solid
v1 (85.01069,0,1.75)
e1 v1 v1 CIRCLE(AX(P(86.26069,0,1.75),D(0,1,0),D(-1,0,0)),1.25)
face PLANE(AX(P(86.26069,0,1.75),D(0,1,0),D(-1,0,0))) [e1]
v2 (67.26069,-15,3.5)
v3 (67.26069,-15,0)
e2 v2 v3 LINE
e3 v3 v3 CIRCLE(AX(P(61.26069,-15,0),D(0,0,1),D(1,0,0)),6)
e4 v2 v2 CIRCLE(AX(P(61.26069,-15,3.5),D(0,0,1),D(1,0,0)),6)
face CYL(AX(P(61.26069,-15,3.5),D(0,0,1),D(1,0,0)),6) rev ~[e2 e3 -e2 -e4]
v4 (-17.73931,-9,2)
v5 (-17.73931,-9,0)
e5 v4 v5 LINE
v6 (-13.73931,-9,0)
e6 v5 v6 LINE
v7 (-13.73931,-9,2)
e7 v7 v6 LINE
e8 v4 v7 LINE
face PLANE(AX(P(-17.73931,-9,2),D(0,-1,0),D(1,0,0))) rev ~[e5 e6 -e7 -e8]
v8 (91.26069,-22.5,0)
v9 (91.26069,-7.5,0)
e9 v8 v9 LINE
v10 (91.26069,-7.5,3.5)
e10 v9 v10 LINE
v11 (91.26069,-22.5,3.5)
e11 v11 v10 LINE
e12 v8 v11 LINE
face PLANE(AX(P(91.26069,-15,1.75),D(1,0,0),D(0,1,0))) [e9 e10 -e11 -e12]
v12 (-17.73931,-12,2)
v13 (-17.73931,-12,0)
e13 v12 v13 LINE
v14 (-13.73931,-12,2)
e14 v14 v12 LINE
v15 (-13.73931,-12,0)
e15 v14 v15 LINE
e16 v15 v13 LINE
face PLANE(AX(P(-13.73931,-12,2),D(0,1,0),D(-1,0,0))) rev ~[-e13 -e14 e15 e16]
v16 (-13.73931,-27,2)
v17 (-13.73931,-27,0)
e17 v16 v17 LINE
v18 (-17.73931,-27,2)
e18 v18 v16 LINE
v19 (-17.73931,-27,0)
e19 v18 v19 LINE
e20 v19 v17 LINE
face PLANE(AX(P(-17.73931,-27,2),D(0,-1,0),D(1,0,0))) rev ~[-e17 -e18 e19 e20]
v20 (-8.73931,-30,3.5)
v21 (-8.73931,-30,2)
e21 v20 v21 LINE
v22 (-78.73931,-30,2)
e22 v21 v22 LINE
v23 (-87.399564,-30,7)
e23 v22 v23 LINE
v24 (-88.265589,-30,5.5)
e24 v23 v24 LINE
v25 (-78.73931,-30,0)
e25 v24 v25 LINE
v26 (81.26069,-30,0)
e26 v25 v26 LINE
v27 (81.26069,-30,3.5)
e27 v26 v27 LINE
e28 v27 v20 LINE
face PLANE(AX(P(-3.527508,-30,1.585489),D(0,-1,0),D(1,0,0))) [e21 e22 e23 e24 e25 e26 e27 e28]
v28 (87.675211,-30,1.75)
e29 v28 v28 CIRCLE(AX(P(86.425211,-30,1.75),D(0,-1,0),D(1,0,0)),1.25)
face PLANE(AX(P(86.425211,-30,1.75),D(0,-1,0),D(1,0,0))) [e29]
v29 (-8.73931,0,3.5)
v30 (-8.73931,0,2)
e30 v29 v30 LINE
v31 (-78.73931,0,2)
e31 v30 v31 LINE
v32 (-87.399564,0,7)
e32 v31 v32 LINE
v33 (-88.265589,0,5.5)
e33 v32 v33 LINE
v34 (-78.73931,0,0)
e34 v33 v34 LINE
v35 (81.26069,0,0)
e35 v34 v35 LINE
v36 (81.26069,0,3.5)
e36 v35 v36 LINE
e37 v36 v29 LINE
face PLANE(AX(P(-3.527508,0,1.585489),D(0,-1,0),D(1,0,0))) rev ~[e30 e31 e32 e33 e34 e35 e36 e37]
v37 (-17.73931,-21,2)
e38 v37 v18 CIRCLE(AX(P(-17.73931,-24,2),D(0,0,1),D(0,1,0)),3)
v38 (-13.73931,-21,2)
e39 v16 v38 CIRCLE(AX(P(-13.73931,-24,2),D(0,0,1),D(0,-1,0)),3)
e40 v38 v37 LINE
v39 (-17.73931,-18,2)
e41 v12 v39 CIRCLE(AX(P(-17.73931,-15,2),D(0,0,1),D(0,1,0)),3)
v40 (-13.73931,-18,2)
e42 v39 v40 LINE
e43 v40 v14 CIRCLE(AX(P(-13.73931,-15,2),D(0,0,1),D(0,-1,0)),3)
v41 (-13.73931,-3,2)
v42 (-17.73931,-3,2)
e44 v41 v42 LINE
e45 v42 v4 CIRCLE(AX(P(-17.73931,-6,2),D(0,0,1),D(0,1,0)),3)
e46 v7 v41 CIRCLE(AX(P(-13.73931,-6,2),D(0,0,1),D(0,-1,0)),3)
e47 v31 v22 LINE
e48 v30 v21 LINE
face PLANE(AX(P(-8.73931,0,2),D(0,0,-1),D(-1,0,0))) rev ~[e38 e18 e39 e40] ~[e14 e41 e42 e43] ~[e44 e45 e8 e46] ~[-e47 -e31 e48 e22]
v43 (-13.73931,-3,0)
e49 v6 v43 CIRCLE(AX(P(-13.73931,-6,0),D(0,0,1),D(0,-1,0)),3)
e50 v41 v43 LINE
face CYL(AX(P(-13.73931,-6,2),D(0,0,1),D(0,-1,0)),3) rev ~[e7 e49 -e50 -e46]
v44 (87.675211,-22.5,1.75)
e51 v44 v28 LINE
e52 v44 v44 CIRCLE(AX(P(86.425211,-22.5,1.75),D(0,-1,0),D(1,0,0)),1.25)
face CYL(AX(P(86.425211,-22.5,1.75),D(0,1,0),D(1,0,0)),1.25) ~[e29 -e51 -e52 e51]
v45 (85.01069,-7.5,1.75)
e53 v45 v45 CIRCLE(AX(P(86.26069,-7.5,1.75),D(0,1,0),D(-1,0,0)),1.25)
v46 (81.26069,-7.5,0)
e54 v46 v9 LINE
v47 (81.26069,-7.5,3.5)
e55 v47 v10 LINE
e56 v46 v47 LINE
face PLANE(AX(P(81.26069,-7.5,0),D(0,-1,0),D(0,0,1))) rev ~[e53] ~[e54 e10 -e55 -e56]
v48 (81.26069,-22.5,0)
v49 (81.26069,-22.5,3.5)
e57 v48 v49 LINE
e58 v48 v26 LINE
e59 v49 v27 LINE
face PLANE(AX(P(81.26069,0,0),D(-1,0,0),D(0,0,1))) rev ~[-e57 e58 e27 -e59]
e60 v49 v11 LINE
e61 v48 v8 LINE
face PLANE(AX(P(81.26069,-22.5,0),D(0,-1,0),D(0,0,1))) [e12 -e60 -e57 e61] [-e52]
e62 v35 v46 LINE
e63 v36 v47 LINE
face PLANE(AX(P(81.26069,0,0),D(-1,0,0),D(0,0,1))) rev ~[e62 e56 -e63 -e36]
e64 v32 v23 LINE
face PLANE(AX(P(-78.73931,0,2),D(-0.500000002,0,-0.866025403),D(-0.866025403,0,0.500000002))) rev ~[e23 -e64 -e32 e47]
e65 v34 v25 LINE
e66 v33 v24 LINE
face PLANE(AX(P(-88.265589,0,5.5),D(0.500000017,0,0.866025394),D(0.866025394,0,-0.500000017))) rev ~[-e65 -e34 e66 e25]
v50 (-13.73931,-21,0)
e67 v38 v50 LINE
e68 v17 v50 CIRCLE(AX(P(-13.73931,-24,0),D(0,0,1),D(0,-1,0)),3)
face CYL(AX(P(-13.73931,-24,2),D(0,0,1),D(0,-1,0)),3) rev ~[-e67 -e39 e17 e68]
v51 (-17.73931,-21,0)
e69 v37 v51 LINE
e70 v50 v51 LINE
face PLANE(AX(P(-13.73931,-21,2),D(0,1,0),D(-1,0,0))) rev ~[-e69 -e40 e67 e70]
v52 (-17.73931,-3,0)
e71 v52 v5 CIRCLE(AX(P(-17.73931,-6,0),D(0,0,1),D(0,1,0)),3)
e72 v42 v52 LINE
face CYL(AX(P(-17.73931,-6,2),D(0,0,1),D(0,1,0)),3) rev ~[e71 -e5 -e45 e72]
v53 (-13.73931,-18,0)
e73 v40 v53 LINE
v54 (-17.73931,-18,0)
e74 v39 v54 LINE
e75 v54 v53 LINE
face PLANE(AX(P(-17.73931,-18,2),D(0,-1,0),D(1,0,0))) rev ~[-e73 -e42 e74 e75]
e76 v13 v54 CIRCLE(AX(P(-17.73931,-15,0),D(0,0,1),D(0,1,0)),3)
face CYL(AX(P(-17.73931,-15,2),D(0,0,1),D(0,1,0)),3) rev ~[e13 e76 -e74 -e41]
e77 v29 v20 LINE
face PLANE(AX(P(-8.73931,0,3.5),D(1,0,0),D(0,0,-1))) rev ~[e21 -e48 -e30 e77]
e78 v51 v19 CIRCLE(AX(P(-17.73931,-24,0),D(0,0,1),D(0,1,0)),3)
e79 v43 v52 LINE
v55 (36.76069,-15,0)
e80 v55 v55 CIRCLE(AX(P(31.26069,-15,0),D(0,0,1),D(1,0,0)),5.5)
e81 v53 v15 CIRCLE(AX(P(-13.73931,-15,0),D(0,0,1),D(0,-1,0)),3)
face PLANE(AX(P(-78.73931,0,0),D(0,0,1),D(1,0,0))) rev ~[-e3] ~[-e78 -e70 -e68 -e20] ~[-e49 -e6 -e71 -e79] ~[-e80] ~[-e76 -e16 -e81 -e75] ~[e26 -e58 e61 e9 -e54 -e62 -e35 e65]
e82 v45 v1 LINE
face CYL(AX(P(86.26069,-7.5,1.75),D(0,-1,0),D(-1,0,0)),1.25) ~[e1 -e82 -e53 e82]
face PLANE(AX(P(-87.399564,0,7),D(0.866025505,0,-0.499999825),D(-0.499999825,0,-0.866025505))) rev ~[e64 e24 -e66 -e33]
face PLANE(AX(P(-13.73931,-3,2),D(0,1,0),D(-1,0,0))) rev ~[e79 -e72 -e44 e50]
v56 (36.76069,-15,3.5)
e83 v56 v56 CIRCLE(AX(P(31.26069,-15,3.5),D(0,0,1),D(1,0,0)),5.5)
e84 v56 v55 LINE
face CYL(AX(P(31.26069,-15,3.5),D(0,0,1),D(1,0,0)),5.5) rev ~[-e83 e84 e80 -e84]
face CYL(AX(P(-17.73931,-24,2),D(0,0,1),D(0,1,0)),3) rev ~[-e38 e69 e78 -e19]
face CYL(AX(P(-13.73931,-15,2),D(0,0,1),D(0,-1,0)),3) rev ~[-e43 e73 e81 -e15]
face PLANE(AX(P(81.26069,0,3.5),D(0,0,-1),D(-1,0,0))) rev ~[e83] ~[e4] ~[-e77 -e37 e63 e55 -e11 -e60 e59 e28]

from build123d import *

# Parameters (mm, degrees)
F1_DEPTH  = 30
F2_W      = 15
F2_H      = 3.5
F3_DEPTH  = 10
F4_R      = 1.25
F5_DEPTH  = 7.5
F6_R      = 1.25
F7_DEPTH  = 7.5
F9_DEPTH  = 25
F10_R     = 6
F10_R_2   = 5.5
F11_DEPTH = 25


with BuildPart() as f1:
    # F0 (on Front) → F1 (new body)
    with BuildSketch(Plane.XZ):
        Polygon((-8.73931, 2), (-78.73931, 2), (-87.399564, 7), (-88.265589, 5.5), (-78.73931, 0), (-8.73931, 0), (81.26069, 0), (81.26069, 3.5), (-8.73931, 3.5), align=None)
    extrude(amount=F1_DEPTH)

    # F2 (on face) → F3 (join)
    with BuildSketch(Plane.YZ.offset(81.26069)):
        with Locations((-15, 1.75)):
            Rectangle(F2_W, F2_H)
    extrude(amount=F3_DEPTH)

    # F4 (on face) → F5 (join)
    with BuildSketch(Plane.XZ.offset(22.5)):
        with Locations((86.425211, 1.75)):
            Circle(F4_R)
    extrude(amount=F5_DEPTH)

    # F6 (on face) → F7 (join)
    with BuildSketch(Plane(origin=(0, -7.5, 0), x_dir=(-1, 0, 0), z_dir=(0, 1, 0))):
        with Locations((-86.26069, 1.75)):
            Circle(F6_R)
    extrude(amount=F7_DEPTH)

    # F8 (on face) → F9 (cut)
    with BuildSketch(Plane.XY.offset(2)):
        with BuildLine():
            Line((-17.73931, -18), (-13.73931, -18))
            ThreePointArc((-13.73931, -18), (-10.73931, -15), (-13.73931, -12))
            Line((-13.73931, -12), (-17.73931, -12))
            ThreePointArc((-17.73931, -12), (-20.73931, -15), (-17.73931, -18))
        make_face()
        with BuildLine():
            Line((-13.73931, -21), (-17.73931, -21))
            ThreePointArc((-17.73931, -21), (-20.73931, -24), (-17.73931, -27))
            Line((-17.73931, -27), (-13.73931, -27))
            ThreePointArc((-13.73931, -27), (-10.73931, -24), (-13.73931, -21))
        make_face()
        with BuildLine():
            ThreePointArc((-17.73931, -3), (-20.73931, -6), (-17.73931, -9))
            Line((-17.73931, -9), (-13.73931, -9))
            ThreePointArc((-13.73931, -9), (-10.73931, -6), (-13.73931, -3))
            Line((-13.73931, -3), (-17.73931, -3))
        make_face()
    extrude(amount=-F9_DEPTH, mode=Mode.SUBTRACT)

    # F10 (on face) → F11 (cut)
    with BuildSketch(Plane.XY.offset(3.5)):
        with Locations((61.26069, -15)):
            Circle(F10_R)
        with Locations((31.26069, -15)):
            Circle(F10_R_2)
    extrude(amount=-F11_DEPTH, mode=Mode.SUBTRACT)


solid = f1.part
